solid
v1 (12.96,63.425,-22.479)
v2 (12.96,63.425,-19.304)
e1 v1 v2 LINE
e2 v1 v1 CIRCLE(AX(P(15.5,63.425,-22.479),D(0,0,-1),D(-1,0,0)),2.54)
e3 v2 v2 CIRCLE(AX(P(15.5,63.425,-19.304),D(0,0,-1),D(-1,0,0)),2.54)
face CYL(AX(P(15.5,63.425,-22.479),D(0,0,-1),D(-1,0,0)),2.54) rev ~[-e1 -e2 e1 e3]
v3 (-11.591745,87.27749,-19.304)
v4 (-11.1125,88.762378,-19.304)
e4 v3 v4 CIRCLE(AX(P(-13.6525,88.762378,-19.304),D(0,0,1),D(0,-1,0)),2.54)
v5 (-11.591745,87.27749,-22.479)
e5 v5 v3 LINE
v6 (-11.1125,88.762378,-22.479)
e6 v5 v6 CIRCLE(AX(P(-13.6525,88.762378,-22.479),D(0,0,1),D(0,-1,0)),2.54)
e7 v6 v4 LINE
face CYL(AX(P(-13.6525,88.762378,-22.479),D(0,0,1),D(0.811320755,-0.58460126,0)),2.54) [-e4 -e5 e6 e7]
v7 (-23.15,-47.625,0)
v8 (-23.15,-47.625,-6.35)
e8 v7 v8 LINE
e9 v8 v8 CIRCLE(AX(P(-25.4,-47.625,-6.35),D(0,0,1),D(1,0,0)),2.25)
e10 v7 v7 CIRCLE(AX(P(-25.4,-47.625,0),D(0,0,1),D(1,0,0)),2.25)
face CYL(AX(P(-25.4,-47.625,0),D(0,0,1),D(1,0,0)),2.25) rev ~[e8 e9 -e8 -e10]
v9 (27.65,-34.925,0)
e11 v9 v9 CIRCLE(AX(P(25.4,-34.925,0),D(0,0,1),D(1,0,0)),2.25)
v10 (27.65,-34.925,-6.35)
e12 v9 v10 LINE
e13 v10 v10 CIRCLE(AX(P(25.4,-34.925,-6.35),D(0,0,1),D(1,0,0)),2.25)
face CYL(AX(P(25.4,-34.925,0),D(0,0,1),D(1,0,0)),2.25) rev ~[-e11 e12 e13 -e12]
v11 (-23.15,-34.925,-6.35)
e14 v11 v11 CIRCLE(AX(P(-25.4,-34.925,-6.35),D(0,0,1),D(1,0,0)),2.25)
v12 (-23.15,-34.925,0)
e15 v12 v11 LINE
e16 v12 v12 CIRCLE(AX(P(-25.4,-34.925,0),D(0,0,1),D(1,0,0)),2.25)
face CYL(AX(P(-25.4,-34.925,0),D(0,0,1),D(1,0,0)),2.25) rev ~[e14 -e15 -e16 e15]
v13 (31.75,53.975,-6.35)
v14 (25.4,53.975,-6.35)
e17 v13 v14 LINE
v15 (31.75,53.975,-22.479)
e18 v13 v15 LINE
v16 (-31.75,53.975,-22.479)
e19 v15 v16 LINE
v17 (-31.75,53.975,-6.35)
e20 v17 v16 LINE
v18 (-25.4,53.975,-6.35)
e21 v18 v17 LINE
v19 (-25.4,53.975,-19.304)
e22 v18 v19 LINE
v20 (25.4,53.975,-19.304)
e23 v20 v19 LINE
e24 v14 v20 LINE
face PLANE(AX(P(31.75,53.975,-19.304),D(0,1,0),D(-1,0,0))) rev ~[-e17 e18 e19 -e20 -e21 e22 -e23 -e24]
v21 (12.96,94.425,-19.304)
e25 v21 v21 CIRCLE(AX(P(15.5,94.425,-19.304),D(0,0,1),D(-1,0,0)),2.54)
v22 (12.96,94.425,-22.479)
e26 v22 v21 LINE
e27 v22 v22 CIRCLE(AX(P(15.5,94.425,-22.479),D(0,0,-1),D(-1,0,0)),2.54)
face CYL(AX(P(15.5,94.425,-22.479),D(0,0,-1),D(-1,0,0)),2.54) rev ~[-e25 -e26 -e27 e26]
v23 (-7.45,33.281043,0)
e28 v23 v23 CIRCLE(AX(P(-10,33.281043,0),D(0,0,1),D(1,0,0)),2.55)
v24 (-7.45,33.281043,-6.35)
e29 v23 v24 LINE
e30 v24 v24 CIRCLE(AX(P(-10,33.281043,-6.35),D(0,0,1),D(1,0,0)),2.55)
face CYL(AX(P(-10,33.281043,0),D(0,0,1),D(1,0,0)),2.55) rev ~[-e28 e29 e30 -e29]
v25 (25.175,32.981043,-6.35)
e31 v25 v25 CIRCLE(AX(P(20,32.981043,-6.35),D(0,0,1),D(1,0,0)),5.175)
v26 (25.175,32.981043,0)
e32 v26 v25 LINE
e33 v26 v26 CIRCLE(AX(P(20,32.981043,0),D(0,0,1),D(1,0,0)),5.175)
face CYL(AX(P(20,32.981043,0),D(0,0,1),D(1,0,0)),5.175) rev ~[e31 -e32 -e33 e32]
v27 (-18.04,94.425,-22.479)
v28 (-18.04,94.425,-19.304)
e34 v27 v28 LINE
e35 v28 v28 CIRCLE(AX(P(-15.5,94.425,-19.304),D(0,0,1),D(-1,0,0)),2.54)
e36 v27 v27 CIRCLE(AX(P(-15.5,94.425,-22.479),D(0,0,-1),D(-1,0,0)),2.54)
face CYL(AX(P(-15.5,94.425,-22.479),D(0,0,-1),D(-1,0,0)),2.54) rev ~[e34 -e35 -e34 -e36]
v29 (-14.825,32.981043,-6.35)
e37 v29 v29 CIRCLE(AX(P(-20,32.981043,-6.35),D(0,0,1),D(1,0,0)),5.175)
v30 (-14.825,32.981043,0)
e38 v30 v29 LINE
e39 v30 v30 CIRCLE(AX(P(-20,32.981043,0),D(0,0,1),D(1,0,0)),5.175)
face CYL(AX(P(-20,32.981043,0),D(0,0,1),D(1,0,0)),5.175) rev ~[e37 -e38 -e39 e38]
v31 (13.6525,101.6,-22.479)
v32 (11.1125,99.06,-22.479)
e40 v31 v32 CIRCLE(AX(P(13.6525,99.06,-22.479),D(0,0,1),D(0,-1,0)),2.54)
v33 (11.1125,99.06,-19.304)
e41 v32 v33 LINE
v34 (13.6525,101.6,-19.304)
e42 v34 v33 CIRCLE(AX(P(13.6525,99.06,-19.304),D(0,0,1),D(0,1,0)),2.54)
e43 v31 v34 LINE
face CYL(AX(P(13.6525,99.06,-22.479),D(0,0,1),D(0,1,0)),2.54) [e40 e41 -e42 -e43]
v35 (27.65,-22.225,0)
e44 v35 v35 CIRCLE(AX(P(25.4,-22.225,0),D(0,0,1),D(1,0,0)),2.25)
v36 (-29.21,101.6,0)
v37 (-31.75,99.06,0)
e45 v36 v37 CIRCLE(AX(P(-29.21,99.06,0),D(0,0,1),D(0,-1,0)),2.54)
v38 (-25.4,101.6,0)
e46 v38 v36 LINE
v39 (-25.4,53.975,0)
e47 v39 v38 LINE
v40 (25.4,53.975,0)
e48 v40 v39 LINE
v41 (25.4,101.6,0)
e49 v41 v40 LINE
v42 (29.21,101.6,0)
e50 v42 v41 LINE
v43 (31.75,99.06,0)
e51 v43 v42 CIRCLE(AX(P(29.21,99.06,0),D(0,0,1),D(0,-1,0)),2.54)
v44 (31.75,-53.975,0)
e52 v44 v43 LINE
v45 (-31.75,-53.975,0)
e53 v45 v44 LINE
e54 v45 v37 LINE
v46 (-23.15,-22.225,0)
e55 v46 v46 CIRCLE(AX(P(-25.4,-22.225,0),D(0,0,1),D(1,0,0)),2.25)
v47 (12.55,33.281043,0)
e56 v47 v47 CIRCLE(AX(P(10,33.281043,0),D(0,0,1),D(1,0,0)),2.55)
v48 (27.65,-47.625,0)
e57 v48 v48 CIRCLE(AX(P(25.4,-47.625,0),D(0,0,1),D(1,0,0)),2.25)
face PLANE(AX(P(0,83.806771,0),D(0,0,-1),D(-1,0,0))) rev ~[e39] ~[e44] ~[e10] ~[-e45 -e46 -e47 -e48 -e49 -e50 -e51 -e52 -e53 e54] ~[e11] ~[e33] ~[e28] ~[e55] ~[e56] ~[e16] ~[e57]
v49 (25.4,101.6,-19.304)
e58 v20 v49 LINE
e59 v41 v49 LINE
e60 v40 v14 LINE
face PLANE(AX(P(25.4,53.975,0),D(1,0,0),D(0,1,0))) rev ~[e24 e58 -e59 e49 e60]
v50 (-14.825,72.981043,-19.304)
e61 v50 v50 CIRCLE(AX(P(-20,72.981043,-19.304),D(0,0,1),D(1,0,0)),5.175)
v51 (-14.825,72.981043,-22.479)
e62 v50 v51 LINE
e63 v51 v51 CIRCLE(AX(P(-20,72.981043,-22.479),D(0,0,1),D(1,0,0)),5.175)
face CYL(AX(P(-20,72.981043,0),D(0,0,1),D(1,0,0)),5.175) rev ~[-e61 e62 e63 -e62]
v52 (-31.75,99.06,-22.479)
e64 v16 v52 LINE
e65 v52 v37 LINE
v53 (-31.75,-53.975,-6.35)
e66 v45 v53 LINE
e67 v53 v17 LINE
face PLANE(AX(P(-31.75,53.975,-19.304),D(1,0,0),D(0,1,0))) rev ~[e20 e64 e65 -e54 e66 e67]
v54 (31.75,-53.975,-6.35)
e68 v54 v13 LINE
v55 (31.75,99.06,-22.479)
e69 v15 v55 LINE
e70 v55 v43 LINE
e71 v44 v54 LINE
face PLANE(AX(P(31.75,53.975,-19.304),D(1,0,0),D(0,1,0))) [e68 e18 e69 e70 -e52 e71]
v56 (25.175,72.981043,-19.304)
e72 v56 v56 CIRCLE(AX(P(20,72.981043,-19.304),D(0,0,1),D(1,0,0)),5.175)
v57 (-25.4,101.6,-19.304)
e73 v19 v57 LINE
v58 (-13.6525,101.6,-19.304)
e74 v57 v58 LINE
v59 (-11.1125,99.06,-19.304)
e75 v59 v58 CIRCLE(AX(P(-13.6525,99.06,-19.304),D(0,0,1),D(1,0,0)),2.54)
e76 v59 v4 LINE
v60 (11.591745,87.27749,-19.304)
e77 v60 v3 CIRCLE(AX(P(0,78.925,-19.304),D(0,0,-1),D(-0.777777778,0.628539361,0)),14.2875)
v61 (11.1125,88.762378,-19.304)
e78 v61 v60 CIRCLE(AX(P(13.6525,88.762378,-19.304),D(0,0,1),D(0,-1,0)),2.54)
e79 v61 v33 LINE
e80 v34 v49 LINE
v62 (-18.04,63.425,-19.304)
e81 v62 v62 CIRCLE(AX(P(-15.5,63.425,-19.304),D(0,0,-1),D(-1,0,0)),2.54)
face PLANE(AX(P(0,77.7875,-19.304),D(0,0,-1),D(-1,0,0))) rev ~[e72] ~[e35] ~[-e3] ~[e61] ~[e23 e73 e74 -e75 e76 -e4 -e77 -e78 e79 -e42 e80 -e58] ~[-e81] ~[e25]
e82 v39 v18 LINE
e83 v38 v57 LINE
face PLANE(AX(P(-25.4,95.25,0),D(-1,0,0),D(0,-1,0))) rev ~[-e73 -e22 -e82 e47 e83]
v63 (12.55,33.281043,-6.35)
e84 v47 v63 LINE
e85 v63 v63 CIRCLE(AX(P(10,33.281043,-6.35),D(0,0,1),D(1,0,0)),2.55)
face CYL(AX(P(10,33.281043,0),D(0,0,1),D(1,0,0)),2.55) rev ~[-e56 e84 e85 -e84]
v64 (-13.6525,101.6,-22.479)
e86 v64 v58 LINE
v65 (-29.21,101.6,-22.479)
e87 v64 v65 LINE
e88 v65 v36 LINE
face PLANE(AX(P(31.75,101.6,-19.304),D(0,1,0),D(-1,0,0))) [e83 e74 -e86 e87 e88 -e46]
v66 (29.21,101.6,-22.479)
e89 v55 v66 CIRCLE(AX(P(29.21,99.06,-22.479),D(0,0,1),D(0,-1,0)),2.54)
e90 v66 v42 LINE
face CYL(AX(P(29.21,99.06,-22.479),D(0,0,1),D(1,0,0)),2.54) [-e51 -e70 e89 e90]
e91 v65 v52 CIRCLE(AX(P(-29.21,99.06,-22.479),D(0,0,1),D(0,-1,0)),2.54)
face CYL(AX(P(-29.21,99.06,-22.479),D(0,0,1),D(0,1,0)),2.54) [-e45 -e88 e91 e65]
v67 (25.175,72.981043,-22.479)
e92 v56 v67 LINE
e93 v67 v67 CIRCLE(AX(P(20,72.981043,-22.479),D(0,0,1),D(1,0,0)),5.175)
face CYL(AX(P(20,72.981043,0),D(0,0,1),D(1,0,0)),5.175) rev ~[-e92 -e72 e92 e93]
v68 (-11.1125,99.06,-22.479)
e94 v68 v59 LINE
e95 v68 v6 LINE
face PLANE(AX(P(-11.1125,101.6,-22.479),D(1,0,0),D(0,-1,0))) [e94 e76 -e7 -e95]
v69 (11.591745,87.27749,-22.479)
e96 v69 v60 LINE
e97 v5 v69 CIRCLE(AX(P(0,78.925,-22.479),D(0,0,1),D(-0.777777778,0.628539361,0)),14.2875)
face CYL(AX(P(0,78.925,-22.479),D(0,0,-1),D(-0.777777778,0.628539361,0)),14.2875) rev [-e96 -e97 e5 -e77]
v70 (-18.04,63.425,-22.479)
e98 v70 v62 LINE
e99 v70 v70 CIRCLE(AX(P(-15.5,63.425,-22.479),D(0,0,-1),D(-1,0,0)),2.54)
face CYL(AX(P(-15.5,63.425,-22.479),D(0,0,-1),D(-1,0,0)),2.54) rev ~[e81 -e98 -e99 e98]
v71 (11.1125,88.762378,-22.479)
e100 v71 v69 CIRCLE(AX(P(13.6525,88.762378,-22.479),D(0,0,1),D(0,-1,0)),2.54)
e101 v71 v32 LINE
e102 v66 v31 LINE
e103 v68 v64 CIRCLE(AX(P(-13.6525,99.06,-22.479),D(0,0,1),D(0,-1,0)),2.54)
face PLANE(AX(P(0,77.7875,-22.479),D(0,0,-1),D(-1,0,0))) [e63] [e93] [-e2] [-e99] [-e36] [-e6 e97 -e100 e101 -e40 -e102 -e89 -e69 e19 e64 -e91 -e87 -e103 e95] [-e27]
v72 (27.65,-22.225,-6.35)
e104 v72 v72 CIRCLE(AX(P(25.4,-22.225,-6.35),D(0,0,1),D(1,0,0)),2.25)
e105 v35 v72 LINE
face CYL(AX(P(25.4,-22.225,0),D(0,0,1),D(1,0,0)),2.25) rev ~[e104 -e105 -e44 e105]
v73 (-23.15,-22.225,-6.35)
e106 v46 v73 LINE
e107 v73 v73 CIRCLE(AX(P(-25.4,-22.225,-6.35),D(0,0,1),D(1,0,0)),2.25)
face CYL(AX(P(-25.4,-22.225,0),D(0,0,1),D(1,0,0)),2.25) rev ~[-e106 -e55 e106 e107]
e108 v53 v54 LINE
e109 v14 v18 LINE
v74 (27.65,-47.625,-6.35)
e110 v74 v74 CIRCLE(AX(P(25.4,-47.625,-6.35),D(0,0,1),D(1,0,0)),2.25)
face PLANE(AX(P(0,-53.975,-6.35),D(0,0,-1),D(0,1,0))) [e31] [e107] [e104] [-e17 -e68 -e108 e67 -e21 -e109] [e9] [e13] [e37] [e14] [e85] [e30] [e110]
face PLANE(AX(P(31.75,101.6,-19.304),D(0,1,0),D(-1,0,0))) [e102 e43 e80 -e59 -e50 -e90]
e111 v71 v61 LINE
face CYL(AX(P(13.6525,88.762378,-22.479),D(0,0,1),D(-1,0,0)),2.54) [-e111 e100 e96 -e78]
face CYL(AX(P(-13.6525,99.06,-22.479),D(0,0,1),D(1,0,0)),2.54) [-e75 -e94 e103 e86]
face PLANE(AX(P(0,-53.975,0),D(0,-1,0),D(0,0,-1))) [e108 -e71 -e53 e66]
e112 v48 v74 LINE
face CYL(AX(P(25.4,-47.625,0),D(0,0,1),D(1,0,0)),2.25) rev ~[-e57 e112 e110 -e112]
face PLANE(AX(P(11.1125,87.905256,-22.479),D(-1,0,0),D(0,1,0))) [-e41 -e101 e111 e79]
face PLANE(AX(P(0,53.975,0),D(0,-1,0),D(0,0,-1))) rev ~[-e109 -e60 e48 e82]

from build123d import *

# Parameters (mm, degrees)
SKETCH1_W           = 6.35
SKETCH1_H           = 107.95
BOSS_EXTRUDE1_DEPTH = 31.75
BOSS_EXTRUDE2_DEPTH = 19.304
SKETCH3_W           = 63.5
SKETCH3_H           = 47.625
BOSS_EXTRUDE3_DEPTH = 3.175
SKETCH5_R           = 2.54
CUT_EXTRUDE2_DEPTH  = 23.479
FILLET1_R           = 2.54
CUT_EXTRUDE4_START  = -6.35
SKETCH7_W           = 50.8
SKETCH7_H           = 19.304
CUT_EXTRUDE4_DEPTH  = 6.35
SKETCH9_R           = 2.25
CUT_EXTRUDE5_DEPTH  = 23.479
SKETCH15_R          = 2.55
SKETCH15_R_2        = 5.175
CUT_EXTRUDE8_DEPTH  = 23.479
LPATTERN1_COUNT     = 3
LPATTERN1_PITCH     = 12.7


with BuildPart() as part:
    # Sketch1 → Boss-Extrude1 (new body, symmetric)
    with BuildSketch(Plane(origin=(0, 0, 0), x_dir=(0, 0, -1), z_dir=(1, 0, 0))):
        with Locations((3.175, 0)):
            Rectangle(SKETCH1_W, SKETCH1_H)
    extrude(amount=BOSS_EXTRUDE1_DEPTH, both=True)

    # Sketch2 → Boss-Extrude2 (add)
    with BuildSketch(Plane.XY):
        Polygon((-31.75, 53.975), (-31.75, 101.6), (-25.4, 101.6), (25.4, 101.6), (31.75, 101.6), (31.75, 53.975), (25.4, 53.975), (25.4, 95.25), (-25.4, 95.25), (-25.4, 53.975), align=None)
    extrude(amount=-BOSS_EXTRUDE2_DEPTH)

    # Sketch3 → Boss-Extrude3 (add)
    with BuildSketch(Plane(origin=(0, 0, -19.304), x_dir=(-1, 0, 0), z_dir=(0, 0, -1))):
        with Locations((0, 77.7875)):
            Rectangle(SKETCH3_W, SKETCH3_H)
    extrude(amount=BOSS_EXTRUDE3_DEPTH)

    # Sketch5 → Cut-Extrude2 (cut, through all)
    with BuildSketch(Plane(origin=(0, 0, -22.479), x_dir=(-1, 0, 0), z_dir=(0, 0, -1))):
        with Locations((15.5, 94.425)):
            Circle(SKETCH5_R)
        with Locations((15.5, 63.425)):
            Circle(SKETCH5_R)
        with Locations((-15.5, 63.425)):
            Circle(SKETCH5_R)
        with Locations((-15.5, 94.425)):
            Circle(SKETCH5_R)
        with BuildLine():
            Line((-11.1125, 87.905256121), (-11.1125, 101.6))
            Line((-11.1125, 101.6), (11.1125, 101.6))
            Line((11.1125, 101.6), (11.1125, 87.905256121))
            ThreePointArc((11.1125, 87.905256121), (0, 64.6375), (-11.1125, 87.905256121))
        make_face()
    extrude(amount=-CUT_EXTRUDE2_DEPTH, mode=Mode.SUBTRACT)

    # Fillet1
    fillet1_edges = [part.edges().sort_by_distance(p)[0] for p in [
        (-31.75, 101.6, -11.2395),
        (31.75, 101.6, -11.2395),
        (-11.1125, 87.905256121, -20.8915),
        (11.1125, 87.905256121, -20.8915),
        (11.1125, 101.6, -11.2395),
        (-11.1125, 101.6, -11.2395),
    ]]
    fillet(fillet1_edges, radius=FILLET1_R)

    # Sketch7 → Cut-Extrude4 (cut)
    with BuildSketch(Plane(origin=(0, 101.6, 0), x_dir=(1, 0, 0), z_dir=(0, 1, 0)).offset(CUT_EXTRUDE4_START)):
        with Locations((0, 9.652)):
            Rectangle(SKETCH7_W, SKETCH7_H)
    extrude(amount=CUT_EXTRUDE4_DEPTH, mode=Mode.SUBTRACT)

    # Sketch9 → Cut-Extrude5 (cut, through all)
    with BuildSketch(Plane.XY):
        with Locations((25.4, -47.625)):
            Circle(SKETCH9_R)
        with Locations((-25.4, -47.625)):
            Circle(SKETCH9_R)
    cut_extrude5 = extrude(amount=-CUT_EXTRUDE5_DEPTH, mode=Mode.SUBTRACT)

    # Sketch15 → Cut-Extrude8 (cut, through all)
    with BuildSketch(Plane.XY):
        with Locations((10, 72.981043446)):
            Circle(SKETCH15_R)
        with Locations((-10, 33.281043446)):
            Circle(SKETCH15_R)
        with Locations((-10, 72.981043446)):
            Circle(SKETCH15_R)
        with Locations((10, 33.281043446)):
            Circle(SKETCH15_R)
        with Locations((-20, 72.981043446)):
            Circle(SKETCH15_R_2)
        with Locations((20, 72.981043446)):
            Circle(SKETCH15_R_2)
        with Locations((20, 32.981043446)):
            Circle(SKETCH15_R_2)
        with Locations((-20, 32.981043446)):
            Circle(SKETCH15_R_2)
    extrude(amount=-CUT_EXTRUDE8_DEPTH, mode=Mode.SUBTRACT)

    # LPattern1: Cut-Extrude5 ×3
    with Locations(*[(0, i * LPATTERN1_PITCH, 0) for i in range(1, LPATTERN1_COUNT)]):
        add(cut_extrude5, mode=Mode.SUBTRACT)


solid = part.part
